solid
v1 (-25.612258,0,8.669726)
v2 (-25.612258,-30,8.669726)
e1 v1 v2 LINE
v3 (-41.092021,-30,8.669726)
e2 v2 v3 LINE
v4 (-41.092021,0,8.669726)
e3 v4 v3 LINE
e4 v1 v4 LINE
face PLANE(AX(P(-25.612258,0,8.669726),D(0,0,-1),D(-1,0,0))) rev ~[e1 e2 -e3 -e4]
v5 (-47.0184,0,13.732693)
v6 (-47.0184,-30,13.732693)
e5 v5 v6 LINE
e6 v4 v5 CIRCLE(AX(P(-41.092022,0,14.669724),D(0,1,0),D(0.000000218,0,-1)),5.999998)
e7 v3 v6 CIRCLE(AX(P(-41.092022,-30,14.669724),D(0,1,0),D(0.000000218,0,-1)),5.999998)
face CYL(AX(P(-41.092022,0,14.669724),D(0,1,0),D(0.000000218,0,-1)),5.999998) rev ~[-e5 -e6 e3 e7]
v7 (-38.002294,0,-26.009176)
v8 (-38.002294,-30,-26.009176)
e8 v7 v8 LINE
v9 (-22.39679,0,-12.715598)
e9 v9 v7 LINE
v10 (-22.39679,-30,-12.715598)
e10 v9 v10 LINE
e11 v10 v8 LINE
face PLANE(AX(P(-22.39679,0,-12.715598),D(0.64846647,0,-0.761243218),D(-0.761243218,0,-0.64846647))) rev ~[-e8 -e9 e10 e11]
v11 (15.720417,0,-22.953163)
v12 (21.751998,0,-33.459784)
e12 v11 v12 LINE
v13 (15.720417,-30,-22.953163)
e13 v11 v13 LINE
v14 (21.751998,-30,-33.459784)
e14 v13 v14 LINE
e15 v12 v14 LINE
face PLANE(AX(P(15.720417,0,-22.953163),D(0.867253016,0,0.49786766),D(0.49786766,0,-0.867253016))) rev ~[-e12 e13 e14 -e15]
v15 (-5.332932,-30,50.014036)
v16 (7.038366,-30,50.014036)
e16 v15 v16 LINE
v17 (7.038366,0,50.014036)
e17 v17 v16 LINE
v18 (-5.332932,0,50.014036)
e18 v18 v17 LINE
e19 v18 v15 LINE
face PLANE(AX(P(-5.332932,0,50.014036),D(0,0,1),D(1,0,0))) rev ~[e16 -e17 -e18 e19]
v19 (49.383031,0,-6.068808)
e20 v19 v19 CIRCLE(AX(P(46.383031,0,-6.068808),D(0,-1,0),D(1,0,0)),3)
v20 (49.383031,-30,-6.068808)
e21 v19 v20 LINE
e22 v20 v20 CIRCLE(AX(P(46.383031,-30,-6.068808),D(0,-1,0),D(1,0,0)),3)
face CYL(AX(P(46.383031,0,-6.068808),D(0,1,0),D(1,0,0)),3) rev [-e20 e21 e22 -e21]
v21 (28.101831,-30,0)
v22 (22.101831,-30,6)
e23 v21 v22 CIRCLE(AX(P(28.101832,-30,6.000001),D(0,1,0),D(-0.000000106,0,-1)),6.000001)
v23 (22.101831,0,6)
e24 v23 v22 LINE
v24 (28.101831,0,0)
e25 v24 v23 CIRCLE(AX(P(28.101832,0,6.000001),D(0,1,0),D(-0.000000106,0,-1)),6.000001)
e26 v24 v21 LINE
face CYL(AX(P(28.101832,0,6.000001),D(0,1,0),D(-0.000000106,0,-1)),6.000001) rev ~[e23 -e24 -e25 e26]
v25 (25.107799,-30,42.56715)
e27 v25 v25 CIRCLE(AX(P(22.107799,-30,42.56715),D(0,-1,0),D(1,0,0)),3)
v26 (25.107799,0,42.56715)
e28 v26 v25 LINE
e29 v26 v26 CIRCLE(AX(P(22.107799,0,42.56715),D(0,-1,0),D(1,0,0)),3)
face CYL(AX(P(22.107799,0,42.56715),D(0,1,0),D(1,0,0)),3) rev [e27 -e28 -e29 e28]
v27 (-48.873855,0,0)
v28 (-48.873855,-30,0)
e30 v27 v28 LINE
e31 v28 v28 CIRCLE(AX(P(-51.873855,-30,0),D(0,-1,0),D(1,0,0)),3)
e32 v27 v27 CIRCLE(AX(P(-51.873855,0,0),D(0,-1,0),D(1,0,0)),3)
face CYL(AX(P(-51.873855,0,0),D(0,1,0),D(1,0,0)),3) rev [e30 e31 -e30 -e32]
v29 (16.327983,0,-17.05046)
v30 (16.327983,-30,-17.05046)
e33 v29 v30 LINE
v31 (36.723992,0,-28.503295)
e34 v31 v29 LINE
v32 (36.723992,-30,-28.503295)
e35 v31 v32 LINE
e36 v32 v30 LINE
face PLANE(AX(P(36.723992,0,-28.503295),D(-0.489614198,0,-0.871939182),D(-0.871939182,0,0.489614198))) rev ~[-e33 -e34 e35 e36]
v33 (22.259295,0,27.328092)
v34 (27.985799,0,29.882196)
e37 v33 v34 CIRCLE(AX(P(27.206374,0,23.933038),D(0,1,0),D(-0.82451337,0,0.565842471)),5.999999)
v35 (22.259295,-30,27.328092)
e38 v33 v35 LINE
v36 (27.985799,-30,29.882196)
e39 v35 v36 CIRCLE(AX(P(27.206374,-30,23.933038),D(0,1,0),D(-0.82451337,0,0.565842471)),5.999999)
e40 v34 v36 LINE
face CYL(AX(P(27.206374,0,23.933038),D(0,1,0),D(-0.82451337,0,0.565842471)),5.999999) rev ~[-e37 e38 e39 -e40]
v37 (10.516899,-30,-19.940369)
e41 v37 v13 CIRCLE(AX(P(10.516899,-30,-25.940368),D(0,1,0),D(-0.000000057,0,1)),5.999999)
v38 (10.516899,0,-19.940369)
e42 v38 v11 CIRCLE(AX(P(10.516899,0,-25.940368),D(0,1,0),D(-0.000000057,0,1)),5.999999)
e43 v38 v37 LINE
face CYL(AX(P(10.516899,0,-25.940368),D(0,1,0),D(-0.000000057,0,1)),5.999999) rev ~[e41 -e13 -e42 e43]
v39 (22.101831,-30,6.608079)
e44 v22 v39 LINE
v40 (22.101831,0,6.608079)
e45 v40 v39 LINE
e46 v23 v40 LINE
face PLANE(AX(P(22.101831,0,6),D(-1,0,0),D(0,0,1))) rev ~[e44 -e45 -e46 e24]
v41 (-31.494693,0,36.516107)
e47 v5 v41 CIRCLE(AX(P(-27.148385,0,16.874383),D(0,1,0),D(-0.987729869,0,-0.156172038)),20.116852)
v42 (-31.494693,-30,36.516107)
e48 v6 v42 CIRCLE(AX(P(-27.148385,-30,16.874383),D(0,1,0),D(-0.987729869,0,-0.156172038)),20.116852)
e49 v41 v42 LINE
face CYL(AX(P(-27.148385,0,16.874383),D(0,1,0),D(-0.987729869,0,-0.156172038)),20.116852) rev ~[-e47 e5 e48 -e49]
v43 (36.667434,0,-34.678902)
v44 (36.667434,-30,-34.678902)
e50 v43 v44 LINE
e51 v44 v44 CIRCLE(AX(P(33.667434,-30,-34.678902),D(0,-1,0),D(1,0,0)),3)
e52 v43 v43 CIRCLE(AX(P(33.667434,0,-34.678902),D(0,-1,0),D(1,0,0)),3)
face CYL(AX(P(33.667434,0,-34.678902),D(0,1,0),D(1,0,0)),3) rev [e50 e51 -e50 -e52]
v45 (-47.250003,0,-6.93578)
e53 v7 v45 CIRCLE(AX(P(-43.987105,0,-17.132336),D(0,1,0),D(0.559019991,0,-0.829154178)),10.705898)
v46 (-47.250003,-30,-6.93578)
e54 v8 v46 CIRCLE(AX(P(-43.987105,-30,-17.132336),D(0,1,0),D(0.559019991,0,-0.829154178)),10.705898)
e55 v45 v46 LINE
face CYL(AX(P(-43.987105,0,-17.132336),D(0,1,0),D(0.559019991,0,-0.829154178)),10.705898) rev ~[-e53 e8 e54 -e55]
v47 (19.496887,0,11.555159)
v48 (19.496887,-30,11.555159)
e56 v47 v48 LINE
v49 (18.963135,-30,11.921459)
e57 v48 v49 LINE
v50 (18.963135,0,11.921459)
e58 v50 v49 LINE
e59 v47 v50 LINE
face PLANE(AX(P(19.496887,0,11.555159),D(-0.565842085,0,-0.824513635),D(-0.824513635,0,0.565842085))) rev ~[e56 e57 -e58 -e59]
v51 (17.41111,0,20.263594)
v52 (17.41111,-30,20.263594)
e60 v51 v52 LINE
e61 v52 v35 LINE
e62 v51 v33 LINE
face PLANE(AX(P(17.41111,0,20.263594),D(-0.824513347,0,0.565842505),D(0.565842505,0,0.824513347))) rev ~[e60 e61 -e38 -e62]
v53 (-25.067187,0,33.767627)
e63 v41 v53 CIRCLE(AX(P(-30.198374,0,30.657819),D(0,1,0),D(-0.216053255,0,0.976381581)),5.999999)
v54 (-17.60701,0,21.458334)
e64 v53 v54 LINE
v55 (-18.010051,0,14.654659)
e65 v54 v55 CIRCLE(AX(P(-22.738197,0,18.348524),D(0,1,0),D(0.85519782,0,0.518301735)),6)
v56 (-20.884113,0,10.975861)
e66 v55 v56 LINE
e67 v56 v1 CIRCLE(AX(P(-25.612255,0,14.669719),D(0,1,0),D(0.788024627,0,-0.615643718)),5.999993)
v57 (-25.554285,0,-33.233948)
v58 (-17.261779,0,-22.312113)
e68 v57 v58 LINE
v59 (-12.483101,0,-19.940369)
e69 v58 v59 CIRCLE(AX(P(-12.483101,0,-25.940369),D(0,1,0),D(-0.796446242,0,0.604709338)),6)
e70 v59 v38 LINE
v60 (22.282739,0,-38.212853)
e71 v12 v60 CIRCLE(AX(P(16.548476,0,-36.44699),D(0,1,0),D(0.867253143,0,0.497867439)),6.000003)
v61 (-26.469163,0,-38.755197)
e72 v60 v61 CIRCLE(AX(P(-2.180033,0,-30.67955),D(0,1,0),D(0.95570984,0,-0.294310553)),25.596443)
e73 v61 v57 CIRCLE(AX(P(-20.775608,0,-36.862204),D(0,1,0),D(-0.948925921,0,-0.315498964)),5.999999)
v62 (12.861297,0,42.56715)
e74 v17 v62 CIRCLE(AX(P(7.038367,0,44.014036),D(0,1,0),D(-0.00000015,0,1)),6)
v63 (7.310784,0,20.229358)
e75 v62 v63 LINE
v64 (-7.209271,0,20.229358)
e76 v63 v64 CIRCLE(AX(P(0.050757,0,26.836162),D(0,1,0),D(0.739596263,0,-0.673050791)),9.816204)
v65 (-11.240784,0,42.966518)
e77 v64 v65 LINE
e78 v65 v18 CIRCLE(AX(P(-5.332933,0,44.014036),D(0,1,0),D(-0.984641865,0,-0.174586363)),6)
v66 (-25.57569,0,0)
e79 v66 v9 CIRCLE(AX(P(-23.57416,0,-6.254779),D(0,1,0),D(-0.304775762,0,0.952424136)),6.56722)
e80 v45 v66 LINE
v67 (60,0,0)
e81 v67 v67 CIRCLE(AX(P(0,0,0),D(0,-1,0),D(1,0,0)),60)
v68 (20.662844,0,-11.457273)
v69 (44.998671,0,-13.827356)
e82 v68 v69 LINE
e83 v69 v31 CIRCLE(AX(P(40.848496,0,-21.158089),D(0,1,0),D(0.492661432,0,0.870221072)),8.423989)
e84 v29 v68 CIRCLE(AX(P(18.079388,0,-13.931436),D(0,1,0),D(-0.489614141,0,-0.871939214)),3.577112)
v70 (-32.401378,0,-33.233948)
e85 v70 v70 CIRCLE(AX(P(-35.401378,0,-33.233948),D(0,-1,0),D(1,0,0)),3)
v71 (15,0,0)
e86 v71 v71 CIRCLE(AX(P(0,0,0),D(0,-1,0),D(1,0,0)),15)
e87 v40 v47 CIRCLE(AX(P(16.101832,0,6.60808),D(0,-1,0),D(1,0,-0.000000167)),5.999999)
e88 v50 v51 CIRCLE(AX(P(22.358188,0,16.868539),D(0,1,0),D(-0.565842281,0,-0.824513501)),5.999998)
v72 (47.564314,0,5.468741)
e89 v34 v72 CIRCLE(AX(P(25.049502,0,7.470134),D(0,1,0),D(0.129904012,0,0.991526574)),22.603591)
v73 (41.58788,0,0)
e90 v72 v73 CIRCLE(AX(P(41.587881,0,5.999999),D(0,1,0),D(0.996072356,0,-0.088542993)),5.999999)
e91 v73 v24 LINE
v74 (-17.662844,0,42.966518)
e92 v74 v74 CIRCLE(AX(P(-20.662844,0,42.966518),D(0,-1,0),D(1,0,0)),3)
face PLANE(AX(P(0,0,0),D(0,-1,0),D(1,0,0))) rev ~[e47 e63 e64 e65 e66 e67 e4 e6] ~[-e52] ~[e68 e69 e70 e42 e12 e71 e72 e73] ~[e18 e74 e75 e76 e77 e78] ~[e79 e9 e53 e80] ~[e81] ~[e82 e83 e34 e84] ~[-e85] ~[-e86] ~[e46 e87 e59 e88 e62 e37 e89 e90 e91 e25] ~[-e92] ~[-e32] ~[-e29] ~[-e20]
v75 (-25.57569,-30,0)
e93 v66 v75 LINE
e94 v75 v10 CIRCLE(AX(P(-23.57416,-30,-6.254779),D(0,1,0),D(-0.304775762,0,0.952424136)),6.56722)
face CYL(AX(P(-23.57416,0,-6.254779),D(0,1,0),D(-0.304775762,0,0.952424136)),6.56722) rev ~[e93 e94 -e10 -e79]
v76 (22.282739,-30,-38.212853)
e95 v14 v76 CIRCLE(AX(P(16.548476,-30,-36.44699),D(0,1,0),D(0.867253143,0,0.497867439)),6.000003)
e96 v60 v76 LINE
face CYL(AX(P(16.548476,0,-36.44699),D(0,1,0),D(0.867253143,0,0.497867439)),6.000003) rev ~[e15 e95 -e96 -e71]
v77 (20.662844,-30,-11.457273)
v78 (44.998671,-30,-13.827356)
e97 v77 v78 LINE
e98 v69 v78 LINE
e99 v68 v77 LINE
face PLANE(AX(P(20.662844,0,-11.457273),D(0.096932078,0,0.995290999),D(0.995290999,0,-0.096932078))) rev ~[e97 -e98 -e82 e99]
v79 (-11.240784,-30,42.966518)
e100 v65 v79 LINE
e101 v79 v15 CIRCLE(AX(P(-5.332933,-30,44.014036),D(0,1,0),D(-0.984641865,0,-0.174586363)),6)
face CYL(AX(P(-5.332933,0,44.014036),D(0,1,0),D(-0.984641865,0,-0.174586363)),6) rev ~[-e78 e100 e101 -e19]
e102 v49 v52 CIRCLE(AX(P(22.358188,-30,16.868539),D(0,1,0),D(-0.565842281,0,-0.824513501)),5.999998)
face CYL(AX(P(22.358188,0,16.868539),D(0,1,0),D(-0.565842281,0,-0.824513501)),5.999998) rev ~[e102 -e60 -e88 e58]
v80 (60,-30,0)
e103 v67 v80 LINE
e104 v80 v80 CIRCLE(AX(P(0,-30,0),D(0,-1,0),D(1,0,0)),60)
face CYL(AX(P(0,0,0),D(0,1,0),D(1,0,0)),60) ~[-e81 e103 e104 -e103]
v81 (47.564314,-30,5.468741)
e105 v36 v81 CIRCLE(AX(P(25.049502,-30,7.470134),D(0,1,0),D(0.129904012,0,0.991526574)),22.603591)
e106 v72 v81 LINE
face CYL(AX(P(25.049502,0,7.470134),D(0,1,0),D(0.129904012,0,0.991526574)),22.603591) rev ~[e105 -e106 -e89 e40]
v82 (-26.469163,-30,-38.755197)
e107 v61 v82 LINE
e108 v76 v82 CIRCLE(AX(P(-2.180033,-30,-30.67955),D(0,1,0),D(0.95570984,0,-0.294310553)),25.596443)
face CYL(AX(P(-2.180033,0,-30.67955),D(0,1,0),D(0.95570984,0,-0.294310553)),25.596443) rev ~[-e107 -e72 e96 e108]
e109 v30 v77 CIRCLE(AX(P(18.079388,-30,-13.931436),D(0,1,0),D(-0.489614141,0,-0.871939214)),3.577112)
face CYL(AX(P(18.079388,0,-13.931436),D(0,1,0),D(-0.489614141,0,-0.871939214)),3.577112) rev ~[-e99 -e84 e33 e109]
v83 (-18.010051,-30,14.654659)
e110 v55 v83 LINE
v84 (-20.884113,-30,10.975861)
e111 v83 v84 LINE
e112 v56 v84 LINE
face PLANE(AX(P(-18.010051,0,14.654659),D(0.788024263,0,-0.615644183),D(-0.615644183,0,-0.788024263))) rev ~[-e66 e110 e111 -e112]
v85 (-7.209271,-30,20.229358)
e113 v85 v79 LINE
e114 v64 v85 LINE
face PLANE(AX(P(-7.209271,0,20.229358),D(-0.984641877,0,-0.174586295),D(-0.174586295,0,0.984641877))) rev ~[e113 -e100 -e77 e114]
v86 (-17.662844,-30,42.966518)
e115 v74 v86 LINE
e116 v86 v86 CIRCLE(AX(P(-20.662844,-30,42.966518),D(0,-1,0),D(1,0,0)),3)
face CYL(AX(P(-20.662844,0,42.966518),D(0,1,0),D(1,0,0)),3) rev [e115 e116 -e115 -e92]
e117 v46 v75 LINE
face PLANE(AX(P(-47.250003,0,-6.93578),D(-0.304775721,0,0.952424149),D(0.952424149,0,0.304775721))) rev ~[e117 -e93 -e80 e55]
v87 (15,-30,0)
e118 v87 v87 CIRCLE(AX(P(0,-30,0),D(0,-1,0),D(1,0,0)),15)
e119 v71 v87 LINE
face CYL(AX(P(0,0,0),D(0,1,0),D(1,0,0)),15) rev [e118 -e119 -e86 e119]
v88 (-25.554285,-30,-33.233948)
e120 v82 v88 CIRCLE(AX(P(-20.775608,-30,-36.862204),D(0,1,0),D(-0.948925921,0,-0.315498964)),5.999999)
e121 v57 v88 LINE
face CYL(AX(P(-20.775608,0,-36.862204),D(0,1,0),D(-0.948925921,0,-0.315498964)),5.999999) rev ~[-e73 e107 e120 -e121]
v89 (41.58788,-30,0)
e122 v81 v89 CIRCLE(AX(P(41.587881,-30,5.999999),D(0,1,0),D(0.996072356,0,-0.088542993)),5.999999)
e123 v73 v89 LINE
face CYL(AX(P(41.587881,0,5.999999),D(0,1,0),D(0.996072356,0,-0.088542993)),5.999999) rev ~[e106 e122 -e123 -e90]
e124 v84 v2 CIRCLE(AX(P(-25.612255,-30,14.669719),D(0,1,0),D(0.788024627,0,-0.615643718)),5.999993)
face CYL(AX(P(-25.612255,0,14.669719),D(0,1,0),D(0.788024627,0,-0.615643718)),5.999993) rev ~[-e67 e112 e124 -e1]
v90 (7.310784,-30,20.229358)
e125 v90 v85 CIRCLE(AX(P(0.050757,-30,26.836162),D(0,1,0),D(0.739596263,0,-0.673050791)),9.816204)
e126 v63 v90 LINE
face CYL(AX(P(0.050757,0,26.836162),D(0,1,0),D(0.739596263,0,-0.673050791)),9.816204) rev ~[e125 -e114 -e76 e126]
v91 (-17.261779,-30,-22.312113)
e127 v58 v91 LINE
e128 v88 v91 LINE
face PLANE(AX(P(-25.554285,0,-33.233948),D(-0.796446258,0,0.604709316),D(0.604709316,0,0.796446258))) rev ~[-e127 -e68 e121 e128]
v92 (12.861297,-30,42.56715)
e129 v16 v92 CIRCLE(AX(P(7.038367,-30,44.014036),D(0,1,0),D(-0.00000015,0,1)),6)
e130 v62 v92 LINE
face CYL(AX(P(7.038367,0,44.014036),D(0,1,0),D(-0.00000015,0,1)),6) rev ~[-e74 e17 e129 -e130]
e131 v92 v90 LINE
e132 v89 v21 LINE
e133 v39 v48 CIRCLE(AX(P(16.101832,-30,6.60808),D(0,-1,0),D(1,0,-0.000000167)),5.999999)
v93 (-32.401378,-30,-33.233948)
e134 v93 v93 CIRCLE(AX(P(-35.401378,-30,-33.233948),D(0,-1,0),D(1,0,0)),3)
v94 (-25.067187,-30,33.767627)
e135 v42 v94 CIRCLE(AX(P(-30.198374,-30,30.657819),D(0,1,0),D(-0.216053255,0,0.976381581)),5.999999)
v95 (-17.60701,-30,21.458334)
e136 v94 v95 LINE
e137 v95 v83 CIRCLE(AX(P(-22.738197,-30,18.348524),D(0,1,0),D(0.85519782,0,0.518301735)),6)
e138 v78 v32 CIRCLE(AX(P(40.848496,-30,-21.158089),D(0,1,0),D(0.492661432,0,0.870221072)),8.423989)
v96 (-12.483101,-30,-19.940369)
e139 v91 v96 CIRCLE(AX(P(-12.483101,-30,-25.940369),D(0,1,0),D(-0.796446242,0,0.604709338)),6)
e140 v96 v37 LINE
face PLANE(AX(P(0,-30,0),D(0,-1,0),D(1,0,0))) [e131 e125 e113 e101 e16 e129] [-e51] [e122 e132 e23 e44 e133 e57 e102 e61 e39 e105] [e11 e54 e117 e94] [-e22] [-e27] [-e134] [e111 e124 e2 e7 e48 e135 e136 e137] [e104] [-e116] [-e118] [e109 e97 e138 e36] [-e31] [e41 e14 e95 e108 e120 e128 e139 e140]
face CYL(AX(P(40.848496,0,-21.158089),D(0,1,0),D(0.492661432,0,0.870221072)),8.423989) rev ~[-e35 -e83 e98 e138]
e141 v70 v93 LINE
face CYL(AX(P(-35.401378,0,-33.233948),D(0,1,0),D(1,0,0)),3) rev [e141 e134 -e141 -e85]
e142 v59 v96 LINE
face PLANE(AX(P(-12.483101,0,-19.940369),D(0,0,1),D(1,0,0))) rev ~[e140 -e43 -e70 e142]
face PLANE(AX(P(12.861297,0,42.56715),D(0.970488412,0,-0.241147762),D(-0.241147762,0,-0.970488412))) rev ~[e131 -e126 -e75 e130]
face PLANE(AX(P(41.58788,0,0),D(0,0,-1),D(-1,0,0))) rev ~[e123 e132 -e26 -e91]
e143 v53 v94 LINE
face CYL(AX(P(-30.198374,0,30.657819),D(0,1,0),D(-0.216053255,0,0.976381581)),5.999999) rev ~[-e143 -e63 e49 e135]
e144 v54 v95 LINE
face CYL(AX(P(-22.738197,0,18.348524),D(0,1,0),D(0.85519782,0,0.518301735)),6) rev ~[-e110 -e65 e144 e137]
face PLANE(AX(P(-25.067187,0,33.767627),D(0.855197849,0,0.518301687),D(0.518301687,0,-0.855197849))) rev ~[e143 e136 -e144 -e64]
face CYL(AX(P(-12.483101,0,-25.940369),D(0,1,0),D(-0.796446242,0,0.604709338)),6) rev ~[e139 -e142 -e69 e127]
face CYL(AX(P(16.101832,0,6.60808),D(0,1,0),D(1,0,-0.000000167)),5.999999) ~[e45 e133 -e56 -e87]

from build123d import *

# Parameters (mm, degrees)
F0_R     = 60
F0_R_2   = 3
F0_R_3   = 15
F1_DEPTH = 30


with BuildPart() as f1:
    # F0 (on Front) → F1 (new body)
    with BuildSketch(Plane.XZ):
        Circle(F0_R)
        with Locations((-35.401378, -33.233948)):
            Circle(F0_R_2, mode=Mode.SUBTRACT)
        with BuildLine():
            Line((-12.483101, -19.940369), (10.516899, -19.940369))
            ThreePointArc((10.516899, -19.940369), (13.523289, -20.747911), (15.720417, -22.953163))
            Line((15.720417, -22.953163), (21.751998, -33.459784))
            ThreePointArc((21.751998, -33.459784), (22.51142, -35.781151), (22.282739, -38.212853))
            ThreePointArc((22.282739, -38.212853), (-1.895302, -56.274409), (-26.469163, -38.755197))
            ThreePointArc((-26.469163, -38.755197), (-26.694895, -35.88137), (-25.554285, -33.233948))
            Line((-25.554285, -33.233948), (-17.261779, -22.312113))
            ThreePointArc((-17.261779, -22.312113), (-15.150541, -20.565914), (-12.483101, -19.940369))
        make_face(mode=Mode.SUBTRACT)
        with BuildLine():
            ThreePointArc((-25.57569, 0), (-17.203021, -4.661994), (-22.39679, -12.715598))
            Line((-22.39679, -12.715598), (-38.002294, -26.009176))
            ThreePointArc((-38.002294, -26.009176), (-53.620423, -21.803036), (-47.250003, -6.93578))
            Line((-47.250003, -6.93578), (-25.57569, 0))
        make_face(mode=Mode.SUBTRACT)
        with Locations((33.667434, -34.678902)):
            Circle(F0_R_2, mode=Mode.SUBTRACT)
        with BuildLine():
            ThreePointArc((16.327983, -17.05046), (15.252019, -11.740154), (20.662844, -11.457273))
            Line((20.662844, -11.457273), (44.998671, -13.827356))
            ThreePointArc((44.998671, -13.827356), (48.186477, -25.295435), (36.723992, -28.503295))
            Line((36.723992, -28.503295), (16.327983, -17.05046))
        make_face(mode=Mode.SUBTRACT)
        with Locations((46.383031, -6.068808)):
            Circle(F0_R_2, mode=Mode.SUBTRACT)
        with Locations((-51.873855, 0)):
            Circle(F0_R_2, mode=Mode.SUBTRACT)
        with BuildLine():
            Line((-18.010051, 14.654659), (-20.884113, 10.975861))
            ThreePointArc((-20.884113, 10.975861), (-22.981972, 9.27699), (-25.612258, 8.669726))
            Line((-25.612258, 8.669726), (-41.092021, 8.669726))
            ThreePointArc((-41.092021, 8.669726), (-44.989315, 10.107807), (-47.0184, 13.732693))
            ThreePointArc((-47.0184, 13.732693), (-43.773022, 28.201746), (-31.494693, 36.516107))
            ThreePointArc((-31.494693, 36.516107), (-27.83933, 36.174602), (-25.067187, 33.767627))
            Line((-25.067187, 33.767627), (-17.60701, 21.458334))
            ThreePointArc((-17.60701, 21.458334), (-16.748697, 17.993713), (-18.010051, 14.654659))
        make_face(mode=Mode.SUBTRACT)
        with Locations((-20.662844, 42.966518)):
            Circle(F0_R_2, mode=Mode.SUBTRACT)
        Circle(F0_R_3, mode=Mode.SUBTRACT)
        with BuildLine():
            ThreePointArc((18.963135, 11.921459), (16.459409, 15.771092), (17.41111, 20.263594))
            Line((17.41111, 20.263594), (22.259295, 27.328092))
            ThreePointArc((22.259295, 27.328092), (24.762361, 29.412708), (27.985799, 29.882196))
            ThreePointArc((27.985799, 29.882196), (42.683104, 21.611507), (47.564314, 5.468741))
            ThreePointArc((47.564314, 5.468741), (45.63834, 1.573514), (41.58788, 0))
            Line((41.58788, 0), (28.101831, 0))
            ThreePointArc((28.101831, 0), (23.859191, 1.757359), (22.101831, 6))
            Line((22.101831, 6), (22.101831, 6.608079))
            ThreePointArc((22.101831, 6.608079), (21.410802, 9.403581), (19.496887, 11.555159))
            Line((19.496887, 11.555159), (18.963135, 11.921459))
        make_face(mode=Mode.SUBTRACT)
        with BuildLine():
            Line((12.861297, 42.56715), (7.310784, 20.229358))
            ThreePointArc((7.310784, 20.229358), (0.050757, 17.019958), (-7.209271, 20.229358))
            Line((-7.209271, 20.229358), (-11.240784, 42.966518))
            ThreePointArc((-11.240784, 42.966518), (-9.931036, 47.868572), (-5.332932, 50.014036))
            Line((-5.332932, 50.014036), (7.038366, 50.014036))
            ThreePointArc((7.038366, 50.014036), (11.764957, 47.709891), (12.861297, 42.56715))
        make_face(mode=Mode.SUBTRACT)
        with Locations((22.107799, 42.56715)):
            Circle(F0_R_2, mode=Mode.SUBTRACT)
    extrude(amount=F1_DEPTH)


solid = f1.part
